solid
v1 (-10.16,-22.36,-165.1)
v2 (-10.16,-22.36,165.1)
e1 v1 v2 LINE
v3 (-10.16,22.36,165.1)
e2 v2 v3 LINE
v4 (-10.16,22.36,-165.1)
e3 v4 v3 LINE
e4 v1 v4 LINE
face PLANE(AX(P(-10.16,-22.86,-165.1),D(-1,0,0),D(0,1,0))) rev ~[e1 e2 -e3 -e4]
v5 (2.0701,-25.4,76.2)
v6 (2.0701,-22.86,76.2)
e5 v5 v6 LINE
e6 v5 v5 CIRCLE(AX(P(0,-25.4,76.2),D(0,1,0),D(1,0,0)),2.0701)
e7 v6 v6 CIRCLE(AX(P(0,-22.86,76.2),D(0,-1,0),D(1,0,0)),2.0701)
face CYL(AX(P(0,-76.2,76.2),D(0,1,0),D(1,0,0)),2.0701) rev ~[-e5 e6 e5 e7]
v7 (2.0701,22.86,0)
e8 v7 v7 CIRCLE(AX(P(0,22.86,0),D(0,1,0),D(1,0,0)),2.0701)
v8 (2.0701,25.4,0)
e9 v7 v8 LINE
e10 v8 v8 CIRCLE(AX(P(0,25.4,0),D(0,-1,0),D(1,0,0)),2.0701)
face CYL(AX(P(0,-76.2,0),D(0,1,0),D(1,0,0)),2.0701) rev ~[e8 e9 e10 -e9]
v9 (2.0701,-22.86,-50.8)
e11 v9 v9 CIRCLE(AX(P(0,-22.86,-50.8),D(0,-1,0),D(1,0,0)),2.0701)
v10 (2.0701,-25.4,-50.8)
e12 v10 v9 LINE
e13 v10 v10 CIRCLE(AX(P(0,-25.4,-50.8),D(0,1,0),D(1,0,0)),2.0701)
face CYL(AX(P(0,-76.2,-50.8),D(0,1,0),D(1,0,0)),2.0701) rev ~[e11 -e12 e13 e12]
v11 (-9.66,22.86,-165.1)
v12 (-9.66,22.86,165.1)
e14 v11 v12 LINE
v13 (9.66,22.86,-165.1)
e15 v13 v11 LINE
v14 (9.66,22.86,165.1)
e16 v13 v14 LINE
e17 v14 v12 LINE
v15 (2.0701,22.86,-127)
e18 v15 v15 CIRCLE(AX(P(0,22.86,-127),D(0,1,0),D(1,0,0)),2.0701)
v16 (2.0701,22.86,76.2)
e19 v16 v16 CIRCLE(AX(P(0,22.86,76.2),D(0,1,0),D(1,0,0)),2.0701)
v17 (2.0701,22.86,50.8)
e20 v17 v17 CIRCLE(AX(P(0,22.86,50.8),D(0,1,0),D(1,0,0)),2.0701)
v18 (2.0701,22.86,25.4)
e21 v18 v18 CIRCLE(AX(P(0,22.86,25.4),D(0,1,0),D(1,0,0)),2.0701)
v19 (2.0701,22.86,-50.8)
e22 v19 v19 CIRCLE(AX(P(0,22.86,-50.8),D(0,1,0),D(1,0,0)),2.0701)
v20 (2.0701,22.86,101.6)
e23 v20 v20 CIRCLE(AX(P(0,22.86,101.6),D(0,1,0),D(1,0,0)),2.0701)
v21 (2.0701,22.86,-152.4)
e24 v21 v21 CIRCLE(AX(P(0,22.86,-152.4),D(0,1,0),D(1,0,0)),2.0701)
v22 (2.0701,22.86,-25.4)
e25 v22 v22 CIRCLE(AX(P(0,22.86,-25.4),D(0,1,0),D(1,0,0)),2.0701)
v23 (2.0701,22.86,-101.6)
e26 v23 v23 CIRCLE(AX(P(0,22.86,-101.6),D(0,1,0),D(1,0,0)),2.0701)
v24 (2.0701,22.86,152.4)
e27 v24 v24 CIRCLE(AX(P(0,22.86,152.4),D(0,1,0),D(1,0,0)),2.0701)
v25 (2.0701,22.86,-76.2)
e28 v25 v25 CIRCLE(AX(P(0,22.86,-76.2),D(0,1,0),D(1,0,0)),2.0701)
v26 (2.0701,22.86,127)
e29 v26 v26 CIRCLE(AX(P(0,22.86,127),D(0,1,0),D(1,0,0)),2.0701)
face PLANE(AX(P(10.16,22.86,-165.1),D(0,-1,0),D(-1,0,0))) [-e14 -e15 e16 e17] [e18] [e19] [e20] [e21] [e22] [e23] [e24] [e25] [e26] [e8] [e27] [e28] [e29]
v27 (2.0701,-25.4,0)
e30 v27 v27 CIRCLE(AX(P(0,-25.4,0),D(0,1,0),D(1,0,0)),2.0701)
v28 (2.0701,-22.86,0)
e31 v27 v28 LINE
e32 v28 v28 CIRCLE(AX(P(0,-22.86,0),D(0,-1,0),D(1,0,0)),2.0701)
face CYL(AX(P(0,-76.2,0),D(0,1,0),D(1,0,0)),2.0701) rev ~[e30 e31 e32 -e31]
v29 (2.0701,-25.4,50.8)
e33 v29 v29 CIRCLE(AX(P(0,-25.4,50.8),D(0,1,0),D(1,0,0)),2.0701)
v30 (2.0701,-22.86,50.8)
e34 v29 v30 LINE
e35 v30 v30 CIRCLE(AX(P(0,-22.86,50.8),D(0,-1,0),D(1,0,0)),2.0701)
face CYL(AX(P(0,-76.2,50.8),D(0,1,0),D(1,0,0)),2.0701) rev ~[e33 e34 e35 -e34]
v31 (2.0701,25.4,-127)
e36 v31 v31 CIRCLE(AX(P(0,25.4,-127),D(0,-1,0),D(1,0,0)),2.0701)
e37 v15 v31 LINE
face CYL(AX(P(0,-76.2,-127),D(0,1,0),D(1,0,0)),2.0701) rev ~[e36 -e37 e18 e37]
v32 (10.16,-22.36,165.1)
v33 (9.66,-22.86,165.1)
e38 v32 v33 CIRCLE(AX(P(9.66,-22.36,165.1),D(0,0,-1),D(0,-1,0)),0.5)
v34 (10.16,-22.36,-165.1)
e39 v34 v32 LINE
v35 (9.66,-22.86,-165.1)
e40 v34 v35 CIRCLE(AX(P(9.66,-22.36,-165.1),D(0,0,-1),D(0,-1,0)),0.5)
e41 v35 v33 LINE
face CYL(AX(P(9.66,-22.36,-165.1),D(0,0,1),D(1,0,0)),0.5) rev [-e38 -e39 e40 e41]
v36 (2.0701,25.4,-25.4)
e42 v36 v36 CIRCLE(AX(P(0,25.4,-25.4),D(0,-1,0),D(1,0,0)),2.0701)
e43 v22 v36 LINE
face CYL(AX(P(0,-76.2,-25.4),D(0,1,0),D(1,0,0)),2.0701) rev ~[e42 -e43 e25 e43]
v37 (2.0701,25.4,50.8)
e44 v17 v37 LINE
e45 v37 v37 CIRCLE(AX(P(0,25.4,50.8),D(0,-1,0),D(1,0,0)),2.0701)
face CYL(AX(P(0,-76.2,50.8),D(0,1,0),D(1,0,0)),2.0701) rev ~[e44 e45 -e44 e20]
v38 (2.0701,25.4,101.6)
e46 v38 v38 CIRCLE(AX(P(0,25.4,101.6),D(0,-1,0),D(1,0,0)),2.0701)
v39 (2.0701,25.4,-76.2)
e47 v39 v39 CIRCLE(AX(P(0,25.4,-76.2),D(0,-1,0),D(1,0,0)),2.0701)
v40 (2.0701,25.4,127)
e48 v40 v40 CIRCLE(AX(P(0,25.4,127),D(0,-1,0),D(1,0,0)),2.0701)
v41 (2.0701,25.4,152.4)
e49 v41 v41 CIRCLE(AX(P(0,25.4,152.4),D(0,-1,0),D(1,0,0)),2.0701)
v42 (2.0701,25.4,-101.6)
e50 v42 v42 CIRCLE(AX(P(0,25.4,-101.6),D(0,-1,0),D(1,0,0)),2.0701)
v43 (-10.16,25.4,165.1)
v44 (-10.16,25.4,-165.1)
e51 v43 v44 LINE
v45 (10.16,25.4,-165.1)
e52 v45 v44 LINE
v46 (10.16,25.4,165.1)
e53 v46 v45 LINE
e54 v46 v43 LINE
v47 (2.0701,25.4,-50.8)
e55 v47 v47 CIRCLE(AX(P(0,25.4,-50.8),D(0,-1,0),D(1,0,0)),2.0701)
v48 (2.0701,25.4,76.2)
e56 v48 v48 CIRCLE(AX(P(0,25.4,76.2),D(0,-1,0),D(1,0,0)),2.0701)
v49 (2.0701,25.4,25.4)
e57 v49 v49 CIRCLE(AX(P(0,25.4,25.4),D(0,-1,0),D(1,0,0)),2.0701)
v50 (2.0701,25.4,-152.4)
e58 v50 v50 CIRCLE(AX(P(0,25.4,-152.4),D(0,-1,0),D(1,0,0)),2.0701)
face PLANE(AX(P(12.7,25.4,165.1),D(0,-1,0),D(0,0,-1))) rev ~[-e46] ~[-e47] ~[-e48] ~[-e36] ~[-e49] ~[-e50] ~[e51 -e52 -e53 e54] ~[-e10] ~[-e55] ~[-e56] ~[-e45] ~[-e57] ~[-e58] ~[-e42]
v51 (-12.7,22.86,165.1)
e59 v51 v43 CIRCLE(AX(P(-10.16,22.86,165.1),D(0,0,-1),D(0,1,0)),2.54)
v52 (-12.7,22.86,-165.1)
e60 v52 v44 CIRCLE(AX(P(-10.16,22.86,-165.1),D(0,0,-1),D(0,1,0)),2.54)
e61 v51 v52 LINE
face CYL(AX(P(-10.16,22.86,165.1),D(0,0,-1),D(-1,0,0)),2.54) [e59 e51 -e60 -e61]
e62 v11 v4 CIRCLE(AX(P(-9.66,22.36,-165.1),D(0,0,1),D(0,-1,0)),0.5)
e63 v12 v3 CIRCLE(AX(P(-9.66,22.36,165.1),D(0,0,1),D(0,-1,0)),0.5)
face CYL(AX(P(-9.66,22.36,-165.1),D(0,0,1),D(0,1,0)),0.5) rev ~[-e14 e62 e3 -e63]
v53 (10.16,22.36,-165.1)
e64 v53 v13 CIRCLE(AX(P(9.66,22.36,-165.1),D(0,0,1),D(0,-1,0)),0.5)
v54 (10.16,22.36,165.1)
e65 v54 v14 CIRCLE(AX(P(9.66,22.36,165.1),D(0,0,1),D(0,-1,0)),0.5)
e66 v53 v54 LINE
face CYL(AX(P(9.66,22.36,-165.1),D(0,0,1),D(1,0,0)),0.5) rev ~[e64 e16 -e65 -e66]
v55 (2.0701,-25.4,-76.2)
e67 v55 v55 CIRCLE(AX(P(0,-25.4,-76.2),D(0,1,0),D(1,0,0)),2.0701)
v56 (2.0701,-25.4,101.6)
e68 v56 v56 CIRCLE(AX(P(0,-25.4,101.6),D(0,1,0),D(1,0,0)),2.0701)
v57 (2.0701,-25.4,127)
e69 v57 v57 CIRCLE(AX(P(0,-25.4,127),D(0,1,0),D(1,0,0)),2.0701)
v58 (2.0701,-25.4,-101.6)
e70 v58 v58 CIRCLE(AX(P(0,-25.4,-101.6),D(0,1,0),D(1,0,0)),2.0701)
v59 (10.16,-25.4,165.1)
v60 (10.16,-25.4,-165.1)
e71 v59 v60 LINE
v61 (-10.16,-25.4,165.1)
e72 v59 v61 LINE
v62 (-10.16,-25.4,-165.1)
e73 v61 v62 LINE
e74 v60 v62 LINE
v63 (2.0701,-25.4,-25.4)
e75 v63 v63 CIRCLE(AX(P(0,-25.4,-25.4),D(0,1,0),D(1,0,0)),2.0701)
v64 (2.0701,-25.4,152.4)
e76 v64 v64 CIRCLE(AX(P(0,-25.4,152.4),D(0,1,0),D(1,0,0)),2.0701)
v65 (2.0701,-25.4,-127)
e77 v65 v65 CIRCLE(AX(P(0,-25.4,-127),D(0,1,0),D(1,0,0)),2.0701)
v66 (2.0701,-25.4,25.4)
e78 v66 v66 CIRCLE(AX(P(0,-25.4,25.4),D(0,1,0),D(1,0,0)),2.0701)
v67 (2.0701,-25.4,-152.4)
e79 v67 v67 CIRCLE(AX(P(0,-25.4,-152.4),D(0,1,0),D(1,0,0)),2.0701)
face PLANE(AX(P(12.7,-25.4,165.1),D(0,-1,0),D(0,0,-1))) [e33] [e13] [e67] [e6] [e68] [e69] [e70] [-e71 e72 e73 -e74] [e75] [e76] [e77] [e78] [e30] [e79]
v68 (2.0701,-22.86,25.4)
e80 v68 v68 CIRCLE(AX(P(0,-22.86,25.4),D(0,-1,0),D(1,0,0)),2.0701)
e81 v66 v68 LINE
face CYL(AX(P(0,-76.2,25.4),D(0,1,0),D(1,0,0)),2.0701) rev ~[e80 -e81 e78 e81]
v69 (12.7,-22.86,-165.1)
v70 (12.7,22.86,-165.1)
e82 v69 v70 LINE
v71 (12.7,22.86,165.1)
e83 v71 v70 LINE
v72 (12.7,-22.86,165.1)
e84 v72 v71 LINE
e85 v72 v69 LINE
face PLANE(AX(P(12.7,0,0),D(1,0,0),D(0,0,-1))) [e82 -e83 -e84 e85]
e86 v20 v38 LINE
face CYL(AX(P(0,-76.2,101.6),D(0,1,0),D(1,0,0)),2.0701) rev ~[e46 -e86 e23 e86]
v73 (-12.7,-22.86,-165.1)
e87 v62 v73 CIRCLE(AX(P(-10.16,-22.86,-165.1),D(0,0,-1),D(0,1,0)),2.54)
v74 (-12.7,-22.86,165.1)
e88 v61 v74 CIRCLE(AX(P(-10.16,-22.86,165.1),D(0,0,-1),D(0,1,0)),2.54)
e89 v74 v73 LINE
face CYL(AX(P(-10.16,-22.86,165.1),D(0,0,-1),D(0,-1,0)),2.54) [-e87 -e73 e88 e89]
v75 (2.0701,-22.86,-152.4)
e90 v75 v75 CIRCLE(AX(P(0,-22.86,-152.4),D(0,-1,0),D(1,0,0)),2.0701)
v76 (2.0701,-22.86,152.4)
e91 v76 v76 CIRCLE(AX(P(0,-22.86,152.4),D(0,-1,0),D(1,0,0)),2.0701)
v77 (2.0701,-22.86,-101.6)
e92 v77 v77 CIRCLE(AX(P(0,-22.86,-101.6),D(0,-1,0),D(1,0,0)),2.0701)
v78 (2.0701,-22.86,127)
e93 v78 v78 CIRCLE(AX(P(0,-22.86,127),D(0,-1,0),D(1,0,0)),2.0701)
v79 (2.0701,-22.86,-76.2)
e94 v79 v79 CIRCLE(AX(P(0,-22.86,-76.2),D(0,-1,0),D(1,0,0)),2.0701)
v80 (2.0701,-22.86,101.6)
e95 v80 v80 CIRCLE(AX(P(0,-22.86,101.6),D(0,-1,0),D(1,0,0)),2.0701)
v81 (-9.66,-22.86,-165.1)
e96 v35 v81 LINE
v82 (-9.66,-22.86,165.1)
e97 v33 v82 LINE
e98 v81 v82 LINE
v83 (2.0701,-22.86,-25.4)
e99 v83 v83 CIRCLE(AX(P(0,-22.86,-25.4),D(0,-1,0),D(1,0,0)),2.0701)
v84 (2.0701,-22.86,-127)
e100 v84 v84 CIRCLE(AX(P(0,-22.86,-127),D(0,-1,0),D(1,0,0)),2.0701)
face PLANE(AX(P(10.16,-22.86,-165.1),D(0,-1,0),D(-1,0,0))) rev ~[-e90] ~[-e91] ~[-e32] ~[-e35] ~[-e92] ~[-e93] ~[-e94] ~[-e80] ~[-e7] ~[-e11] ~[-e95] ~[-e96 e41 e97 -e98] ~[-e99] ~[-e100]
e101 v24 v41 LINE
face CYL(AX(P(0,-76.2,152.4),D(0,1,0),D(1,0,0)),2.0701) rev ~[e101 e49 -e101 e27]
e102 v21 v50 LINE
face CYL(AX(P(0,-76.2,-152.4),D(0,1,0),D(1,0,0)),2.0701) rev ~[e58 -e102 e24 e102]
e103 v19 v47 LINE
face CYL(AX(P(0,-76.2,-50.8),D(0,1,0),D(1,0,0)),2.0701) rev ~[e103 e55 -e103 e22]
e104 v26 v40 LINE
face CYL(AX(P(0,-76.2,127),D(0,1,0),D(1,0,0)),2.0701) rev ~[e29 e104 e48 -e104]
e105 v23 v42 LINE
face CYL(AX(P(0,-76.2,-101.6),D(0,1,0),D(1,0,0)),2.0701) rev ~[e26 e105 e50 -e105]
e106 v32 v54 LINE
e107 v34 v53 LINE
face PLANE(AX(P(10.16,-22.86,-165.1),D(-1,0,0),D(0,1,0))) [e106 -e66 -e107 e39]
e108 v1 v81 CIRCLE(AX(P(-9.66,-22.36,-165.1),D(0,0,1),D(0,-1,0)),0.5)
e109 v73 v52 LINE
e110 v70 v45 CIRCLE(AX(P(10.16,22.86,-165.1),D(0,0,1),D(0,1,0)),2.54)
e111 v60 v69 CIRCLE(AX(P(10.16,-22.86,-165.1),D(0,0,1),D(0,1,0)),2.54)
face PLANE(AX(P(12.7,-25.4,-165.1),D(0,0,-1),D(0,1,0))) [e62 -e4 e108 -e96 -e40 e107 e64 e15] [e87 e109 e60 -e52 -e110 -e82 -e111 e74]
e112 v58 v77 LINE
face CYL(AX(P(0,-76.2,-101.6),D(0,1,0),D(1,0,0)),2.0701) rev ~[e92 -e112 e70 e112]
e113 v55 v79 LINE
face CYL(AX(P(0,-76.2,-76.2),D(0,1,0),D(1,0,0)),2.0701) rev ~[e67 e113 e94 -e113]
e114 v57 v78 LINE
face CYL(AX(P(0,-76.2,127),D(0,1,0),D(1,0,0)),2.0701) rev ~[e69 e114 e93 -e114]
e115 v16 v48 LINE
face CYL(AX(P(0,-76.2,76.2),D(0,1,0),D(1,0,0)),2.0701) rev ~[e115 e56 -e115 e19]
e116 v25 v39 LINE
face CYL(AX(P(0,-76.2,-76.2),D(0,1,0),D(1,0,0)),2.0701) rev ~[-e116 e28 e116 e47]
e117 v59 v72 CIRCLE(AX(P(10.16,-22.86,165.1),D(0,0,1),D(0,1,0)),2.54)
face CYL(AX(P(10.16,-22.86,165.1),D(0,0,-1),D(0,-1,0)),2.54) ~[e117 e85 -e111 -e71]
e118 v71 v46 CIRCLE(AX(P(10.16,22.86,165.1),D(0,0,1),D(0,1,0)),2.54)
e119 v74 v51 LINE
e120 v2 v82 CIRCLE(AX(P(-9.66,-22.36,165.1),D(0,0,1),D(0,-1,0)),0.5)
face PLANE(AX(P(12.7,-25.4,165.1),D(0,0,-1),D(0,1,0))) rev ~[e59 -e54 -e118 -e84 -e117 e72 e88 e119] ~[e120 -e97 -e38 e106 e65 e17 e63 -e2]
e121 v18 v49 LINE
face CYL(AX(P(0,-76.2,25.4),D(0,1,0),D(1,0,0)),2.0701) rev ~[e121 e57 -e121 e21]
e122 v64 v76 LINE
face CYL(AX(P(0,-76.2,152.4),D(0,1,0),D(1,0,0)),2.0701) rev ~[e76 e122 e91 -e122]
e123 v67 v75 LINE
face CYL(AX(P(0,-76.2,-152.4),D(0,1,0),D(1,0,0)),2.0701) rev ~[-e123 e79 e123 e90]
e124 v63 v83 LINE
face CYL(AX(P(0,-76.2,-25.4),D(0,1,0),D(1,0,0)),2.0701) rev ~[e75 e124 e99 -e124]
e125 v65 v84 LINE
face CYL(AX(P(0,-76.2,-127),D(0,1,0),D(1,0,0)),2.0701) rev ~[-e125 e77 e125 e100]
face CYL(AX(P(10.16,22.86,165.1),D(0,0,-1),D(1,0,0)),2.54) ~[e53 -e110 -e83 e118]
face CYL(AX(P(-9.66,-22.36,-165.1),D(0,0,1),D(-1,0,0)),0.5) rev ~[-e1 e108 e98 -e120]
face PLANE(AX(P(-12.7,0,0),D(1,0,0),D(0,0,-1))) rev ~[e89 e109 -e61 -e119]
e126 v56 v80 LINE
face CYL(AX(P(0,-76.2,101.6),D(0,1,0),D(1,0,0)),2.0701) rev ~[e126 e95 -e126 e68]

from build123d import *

# Parameters (mm, degrees)
SKETCH1_W                 = 330.2
SKETCH1_H                 = 50.8
BOSS_EXTRUDE1_DEPTH       = 25.4
SKETCH2_W                 = 20.32
SKETCH2_H                 = 45.72
CUT_EXTRUDE1_DEPTH        = 331.2
F_6_CLEARANCE_HOLE1_D     = 4.1402
F_6_CLEARANCE_HOLE1_DEPTH = 50.8
F_6_CLEARANCE_HOLE2_D     = 4.1402
F_6_CLEARANCE_HOLE2_DEPTH = 50.8
FILLET1_R                 = 0.5
FILLET2_R                 = 2.54


with BuildPart() as part:
    # Sketch1 → Boss-Extrude1 (new body)
    with BuildSketch(Plane(origin=(12.7, 0, 0), x_dir=(0, 0, -1), z_dir=(1, 0, 0))):
        Rectangle(SKETCH1_W, SKETCH1_H)
    extrude(amount=-BOSS_EXTRUDE1_DEPTH)

    # Sketch2 → Cut-Extrude1 (cut, through all)
    with BuildSketch(Plane(origin=(0, 0, -165.1), x_dir=(-1, 0, 0), z_dir=(0, 0, -1))):
        Rectangle(SKETCH2_W, SKETCH2_H)
    extrude(amount=-CUT_EXTRUDE1_DEPTH, mode=Mode.SUBTRACT)

    # #6 Clearance Hole1
    with Locations(Plane(origin=(0, -25.4, 0), x_dir=(-1, 0, 0), z_dir=(0, -1, 0))):
        with Locations((0, 711.2), (0, 736.6), (0, 685.8), (0, 660.4), (0, 635), (0, 609.6), (0, 584.2), (0, 558.8), (0, 533.4), (0, 508), (0, 482.6), (0, 457.2), (0, 431.8), (0, 406.4), (0, 381), (0, 355.6), (0, 330.2), (0, 304.8), (0, 279.4), (0, 254), (0, 228.6), (0, 203.2), (0, 177.8), (0, 152.4), (0, 127), (0, 101.6), (0, 76.2), (0, 50.8), (0, 25.4), (0, 0), (0, -25.4), (0, -50.8), (0, -76.2), (0, -101.6), (0, -127), (0, -152.4), (0, -177.8), (0, -203.2), (0, -228.6), (0, -254), (0, -279.4), (0, -304.8), (0, -330.2), (0, -355.6), (0, -381), (0, -406.4), (0, -431.8), (0, -457.2), (0, -482.6), (0, -508), (0, -533.4), (0, -558.8), (0, -584.2), (0, -609.6), (0, -635), (0, -660.4), (0, -685.8), (0, -711.2), (0, -736.6)):
            Hole(F_6_CLEARANCE_HOLE1_D / 2, depth=F_6_CLEARANCE_HOLE1_DEPTH)

    # #6 Clearance Hole2
    with Locations(Plane(origin=(0, 25.4, 0), x_dir=(1, 0, 0), z_dir=(0, 1, 0))):
        with Locations((0, 711.2), (0, 736.6), (0, 685.8), (0, 660.4), (0, 635), (0, 609.6), (0, 584.2), (0, 558.8), (0, 533.4), (0, 508), (0, 482.6), (0, 457.2), (0, 431.8), (0, 406.4), (0, 381), (0, 355.6), (0, 330.2), (0, 304.8), (0, 279.4), (0, 254), (0, 228.6), (0, 203.2), (0, 177.8), (0, 152.4), (0, 127), (0, 101.6), (0, 76.2), (0, 50.8), (0, 25.4), (0, 0), (0, -25.4), (0, -50.8), (0, -76.2), (0, -101.6), (0, -127), (0, -152.4), (0, -177.8), (0, -203.2), (0, -228.6), (0, -254), (0, -279.4), (0, -304.8), (0, -330.2), (0, -355.6), (0, -381), (0, -406.4), (0, -431.8), (0, -457.2), (0, -482.6), (0, -508), (0, -533.4), (0, -558.8), (0, -584.2), (0, -609.6), (0, -635), (0, -660.4), (0, -685.8), (0, -711.2), (0, -736.6)):
            Hole(F_6_CLEARANCE_HOLE2_D / 2, depth=F_6_CLEARANCE_HOLE2_DEPTH)

    # Fillet1
    fillet1_edges = [part.edges().sort_by_distance(p)[0] for p in [
        (-10.16, -22.86, 0),
        (10.16, -22.86, 0),
        (10.16, 22.86, 0),
        (-10.16, 22.86, 0),
    ]]
    fillet(fillet1_edges, radius=FILLET1_R)

    # Fillet2
    fillet2_edges = [part.edges().sort_by_distance(p)[0] for p in [
        (-12.7, 25.4, 0),
        (-12.7, -25.4, 0),
        (12.7, 25.4, 0),
        (12.7, -25.4, 0),
    ]]
    fillet(fillet2_edges, radius=FILLET2_R)


solid = part.part
